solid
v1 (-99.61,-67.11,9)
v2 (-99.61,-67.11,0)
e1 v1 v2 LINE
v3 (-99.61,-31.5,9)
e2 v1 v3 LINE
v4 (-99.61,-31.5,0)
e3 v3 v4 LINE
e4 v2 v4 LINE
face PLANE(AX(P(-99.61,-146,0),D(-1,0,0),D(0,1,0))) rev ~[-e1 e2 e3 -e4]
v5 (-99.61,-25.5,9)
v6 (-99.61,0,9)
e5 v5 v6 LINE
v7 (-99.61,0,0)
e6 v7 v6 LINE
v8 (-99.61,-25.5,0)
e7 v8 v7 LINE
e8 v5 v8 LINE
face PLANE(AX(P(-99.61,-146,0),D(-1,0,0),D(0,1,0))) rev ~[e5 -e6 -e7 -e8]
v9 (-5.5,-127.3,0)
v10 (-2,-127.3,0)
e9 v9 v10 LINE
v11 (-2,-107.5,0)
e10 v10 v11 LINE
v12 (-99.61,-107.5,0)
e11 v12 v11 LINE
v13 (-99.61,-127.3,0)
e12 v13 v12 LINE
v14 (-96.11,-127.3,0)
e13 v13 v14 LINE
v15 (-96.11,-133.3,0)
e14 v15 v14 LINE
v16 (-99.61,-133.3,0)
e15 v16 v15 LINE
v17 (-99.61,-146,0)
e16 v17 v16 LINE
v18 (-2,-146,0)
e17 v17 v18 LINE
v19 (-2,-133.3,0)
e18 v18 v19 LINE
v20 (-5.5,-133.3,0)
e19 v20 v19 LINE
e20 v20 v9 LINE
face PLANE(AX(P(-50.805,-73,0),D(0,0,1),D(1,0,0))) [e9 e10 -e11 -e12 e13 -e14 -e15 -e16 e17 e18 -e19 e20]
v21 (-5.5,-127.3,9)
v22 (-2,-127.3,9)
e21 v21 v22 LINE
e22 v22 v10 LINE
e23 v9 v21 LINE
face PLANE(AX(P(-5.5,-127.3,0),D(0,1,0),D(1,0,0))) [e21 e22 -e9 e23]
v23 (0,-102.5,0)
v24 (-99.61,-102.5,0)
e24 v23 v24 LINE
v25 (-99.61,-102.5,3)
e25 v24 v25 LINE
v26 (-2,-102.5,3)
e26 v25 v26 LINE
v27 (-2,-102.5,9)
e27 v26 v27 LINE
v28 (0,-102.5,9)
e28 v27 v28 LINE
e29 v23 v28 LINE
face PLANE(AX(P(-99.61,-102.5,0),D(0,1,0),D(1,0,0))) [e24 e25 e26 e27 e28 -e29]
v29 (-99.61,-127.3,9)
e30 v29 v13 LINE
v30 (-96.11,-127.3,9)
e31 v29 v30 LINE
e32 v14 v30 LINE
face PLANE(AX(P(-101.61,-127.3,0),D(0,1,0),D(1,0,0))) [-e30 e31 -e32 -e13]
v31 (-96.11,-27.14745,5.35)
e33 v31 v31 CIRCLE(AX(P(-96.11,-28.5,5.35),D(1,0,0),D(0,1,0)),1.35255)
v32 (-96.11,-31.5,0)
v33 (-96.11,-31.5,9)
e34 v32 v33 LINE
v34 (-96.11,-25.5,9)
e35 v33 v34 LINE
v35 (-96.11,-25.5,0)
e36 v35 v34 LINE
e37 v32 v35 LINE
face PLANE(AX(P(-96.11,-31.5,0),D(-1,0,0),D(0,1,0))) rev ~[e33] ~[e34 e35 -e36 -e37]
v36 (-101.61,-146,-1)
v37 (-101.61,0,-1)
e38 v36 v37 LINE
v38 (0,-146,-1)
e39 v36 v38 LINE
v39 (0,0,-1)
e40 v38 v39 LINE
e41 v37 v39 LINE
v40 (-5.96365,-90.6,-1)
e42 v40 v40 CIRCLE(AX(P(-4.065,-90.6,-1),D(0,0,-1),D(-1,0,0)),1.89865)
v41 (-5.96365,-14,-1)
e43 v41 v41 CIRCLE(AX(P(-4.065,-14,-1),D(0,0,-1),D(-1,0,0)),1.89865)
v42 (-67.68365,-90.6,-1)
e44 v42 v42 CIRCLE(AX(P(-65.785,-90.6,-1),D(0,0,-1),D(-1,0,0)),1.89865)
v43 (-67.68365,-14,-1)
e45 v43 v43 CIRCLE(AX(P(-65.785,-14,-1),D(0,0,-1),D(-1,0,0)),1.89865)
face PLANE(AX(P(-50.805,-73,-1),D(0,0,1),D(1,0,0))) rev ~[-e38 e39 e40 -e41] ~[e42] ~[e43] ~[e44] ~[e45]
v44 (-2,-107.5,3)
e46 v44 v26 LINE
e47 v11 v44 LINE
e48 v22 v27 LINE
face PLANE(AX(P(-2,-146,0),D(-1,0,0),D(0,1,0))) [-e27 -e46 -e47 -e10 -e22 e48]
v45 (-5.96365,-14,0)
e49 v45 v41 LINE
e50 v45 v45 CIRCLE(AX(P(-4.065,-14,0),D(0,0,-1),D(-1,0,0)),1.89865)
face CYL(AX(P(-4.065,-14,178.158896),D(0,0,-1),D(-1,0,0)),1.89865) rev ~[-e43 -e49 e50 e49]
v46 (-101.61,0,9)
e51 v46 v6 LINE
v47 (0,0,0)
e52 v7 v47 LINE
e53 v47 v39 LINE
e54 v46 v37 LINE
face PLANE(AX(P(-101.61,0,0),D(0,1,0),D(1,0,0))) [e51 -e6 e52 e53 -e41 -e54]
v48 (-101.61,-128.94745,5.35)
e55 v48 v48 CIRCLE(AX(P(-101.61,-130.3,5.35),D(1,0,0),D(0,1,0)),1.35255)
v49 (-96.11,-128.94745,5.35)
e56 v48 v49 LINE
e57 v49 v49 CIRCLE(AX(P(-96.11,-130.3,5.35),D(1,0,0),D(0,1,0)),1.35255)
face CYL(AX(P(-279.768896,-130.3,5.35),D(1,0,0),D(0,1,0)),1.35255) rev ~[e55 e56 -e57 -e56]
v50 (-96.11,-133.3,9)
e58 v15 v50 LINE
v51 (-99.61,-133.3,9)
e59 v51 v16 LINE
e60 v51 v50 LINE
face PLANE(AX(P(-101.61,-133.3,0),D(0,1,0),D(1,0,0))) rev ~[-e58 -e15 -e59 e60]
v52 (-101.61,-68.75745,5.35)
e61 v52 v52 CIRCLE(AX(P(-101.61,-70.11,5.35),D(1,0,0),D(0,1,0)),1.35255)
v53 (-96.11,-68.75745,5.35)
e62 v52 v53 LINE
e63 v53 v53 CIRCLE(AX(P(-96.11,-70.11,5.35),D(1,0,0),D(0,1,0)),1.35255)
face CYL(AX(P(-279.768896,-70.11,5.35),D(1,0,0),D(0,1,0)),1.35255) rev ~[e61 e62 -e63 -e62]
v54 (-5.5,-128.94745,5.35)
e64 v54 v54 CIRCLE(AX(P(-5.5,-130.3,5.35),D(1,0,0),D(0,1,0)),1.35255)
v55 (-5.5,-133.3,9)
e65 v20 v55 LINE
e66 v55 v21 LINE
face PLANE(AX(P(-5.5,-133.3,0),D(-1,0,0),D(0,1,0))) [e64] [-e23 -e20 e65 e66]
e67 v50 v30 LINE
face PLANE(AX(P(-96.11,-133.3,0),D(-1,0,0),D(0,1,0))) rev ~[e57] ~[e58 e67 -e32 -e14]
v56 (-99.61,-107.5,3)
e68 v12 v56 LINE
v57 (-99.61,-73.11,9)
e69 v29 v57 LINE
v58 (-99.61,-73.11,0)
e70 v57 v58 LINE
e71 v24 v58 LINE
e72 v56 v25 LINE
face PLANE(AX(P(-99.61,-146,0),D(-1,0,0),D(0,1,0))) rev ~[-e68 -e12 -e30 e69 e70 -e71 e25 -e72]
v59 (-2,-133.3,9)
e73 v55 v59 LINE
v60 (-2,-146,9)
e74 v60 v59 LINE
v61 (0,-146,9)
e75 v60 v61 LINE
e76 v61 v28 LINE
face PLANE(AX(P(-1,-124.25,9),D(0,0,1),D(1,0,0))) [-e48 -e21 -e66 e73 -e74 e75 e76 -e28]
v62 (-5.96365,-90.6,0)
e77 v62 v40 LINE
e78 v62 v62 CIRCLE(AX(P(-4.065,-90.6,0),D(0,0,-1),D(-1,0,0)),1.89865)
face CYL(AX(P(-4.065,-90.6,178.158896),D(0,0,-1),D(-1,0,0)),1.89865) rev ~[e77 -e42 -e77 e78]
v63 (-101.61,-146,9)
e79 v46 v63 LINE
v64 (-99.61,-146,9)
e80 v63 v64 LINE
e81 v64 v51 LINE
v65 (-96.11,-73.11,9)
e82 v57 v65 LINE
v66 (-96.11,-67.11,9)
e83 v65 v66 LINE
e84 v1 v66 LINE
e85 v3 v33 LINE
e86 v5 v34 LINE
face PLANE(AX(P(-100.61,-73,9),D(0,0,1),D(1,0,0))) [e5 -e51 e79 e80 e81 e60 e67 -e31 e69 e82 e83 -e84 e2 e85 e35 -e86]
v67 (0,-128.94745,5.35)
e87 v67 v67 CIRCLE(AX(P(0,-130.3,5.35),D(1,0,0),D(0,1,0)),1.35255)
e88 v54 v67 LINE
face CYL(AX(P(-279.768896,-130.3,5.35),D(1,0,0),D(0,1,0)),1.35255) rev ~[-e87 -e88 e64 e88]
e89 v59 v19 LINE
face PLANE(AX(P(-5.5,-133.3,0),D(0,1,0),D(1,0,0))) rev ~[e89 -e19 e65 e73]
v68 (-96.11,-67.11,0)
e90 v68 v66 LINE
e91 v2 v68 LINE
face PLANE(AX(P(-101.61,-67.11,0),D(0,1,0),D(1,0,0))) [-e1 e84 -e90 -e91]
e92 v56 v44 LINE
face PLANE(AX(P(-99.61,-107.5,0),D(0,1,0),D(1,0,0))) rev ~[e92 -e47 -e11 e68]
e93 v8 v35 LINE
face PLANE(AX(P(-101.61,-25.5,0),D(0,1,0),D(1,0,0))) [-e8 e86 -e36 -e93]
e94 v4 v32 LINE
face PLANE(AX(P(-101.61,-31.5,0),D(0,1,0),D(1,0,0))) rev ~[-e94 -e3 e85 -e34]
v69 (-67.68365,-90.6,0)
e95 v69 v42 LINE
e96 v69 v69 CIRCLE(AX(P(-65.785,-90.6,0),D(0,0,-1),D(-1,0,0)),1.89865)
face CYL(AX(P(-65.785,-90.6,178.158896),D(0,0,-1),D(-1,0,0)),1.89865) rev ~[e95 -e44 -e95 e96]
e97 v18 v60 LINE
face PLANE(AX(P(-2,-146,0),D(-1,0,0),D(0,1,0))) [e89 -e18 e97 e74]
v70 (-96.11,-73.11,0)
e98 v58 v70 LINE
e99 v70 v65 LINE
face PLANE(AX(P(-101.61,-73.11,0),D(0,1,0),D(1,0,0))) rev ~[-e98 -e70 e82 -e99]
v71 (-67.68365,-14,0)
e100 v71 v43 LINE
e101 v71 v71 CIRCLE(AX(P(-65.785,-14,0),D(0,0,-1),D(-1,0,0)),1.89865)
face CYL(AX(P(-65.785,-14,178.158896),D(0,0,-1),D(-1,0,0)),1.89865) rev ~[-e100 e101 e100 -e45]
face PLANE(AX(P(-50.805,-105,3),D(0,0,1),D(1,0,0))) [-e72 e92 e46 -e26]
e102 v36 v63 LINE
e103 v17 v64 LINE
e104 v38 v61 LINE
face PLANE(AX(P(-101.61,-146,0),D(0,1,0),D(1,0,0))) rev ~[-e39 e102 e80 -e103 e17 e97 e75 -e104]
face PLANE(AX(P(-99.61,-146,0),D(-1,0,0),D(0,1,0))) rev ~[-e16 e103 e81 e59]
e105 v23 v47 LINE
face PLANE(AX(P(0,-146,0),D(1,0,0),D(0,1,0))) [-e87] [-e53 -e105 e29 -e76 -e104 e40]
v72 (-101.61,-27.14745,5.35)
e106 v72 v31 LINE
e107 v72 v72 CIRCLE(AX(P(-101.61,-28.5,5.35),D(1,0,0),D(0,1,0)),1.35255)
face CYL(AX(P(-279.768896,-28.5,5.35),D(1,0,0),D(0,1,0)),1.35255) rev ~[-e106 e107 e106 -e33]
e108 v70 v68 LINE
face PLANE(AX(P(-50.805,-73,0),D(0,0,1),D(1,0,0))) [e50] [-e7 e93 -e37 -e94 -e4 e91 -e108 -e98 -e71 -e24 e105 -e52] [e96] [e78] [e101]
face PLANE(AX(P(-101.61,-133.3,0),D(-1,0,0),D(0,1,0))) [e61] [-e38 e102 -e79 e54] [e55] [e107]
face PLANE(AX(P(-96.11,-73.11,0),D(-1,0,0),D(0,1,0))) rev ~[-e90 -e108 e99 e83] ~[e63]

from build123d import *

# Parameters (mm, degrees)
F0_W      = 101.61
F0_H      = 146
F1_DEPTH  = 1
F3_W      = 2
F3_H      = 146
F3_H_2    = 43.5
F4_DEPTH  = 9
F5_W      = 97.61
F5_H      = 5
F6_DEPTH  = 3
F9_W      = 5.5
F9_H      = 6
F10_DEPTH = 9
F11_D     = 2.7051
F12_D     = 3.7973


with BuildPart() as f1:
    # F0 (on Top) → F1 (new body)
    with BuildSketch(Plane.XY):
        with Locations((-50.805, -73)):
            Rectangle(F0_W, F0_H)
    extrude(amount=-F1_DEPTH)

    # F3 (on Top) → F4 (join)
    with BuildSketch(Plane.XY):
        with Locations((-100.61, -73)):
            Rectangle(F3_W, F3_H)
        with Locations((-1, -124.25)):
            Rectangle(F3_W, F3_H_2)
    extrude(amount=F4_DEPTH)

    # F5 (on face) → F6 (join)
    with BuildSketch(Plane.XY):
        with Locations((-50.805, -105)):
            Rectangle(F5_W, F5_H)
    extrude(amount=F6_DEPTH)

    # F9 (on face) → F10 (join, through all)
    with BuildSketch(Plane.XY):
        with Locations((-98.86, -130.3)):
            Rectangle(F9_W, F9_H)
        with Locations((-98.86, -70.11)):
            Rectangle(F9_W, F9_H)
        with Locations((-98.86, -28.5)):
            Rectangle(F9_W, F9_H)
        with Locations((-2.75, -130.3)):
            Rectangle(F9_W, F9_H)
    extrude(amount=F10_DEPTH)

    # F11 (through all)
    with Locations(Plane(origin=(-101.61, 0, 0), x_dir=(0, -1, 0), z_dir=(-1, 0, 0))):
        with Locations((28.5, 5.35), (70.11, 5.35), (130.3, 5.35)):
            Hole(F11_D / 2)

    # F12 (through all)
    with Locations(Plane.XY):
        with Locations((-65.785, -90.6), (-4.065, -90.6), (-4.065, -14), (-65.785, -14)):
            Hole(F12_D / 2)


solid = f1.part
